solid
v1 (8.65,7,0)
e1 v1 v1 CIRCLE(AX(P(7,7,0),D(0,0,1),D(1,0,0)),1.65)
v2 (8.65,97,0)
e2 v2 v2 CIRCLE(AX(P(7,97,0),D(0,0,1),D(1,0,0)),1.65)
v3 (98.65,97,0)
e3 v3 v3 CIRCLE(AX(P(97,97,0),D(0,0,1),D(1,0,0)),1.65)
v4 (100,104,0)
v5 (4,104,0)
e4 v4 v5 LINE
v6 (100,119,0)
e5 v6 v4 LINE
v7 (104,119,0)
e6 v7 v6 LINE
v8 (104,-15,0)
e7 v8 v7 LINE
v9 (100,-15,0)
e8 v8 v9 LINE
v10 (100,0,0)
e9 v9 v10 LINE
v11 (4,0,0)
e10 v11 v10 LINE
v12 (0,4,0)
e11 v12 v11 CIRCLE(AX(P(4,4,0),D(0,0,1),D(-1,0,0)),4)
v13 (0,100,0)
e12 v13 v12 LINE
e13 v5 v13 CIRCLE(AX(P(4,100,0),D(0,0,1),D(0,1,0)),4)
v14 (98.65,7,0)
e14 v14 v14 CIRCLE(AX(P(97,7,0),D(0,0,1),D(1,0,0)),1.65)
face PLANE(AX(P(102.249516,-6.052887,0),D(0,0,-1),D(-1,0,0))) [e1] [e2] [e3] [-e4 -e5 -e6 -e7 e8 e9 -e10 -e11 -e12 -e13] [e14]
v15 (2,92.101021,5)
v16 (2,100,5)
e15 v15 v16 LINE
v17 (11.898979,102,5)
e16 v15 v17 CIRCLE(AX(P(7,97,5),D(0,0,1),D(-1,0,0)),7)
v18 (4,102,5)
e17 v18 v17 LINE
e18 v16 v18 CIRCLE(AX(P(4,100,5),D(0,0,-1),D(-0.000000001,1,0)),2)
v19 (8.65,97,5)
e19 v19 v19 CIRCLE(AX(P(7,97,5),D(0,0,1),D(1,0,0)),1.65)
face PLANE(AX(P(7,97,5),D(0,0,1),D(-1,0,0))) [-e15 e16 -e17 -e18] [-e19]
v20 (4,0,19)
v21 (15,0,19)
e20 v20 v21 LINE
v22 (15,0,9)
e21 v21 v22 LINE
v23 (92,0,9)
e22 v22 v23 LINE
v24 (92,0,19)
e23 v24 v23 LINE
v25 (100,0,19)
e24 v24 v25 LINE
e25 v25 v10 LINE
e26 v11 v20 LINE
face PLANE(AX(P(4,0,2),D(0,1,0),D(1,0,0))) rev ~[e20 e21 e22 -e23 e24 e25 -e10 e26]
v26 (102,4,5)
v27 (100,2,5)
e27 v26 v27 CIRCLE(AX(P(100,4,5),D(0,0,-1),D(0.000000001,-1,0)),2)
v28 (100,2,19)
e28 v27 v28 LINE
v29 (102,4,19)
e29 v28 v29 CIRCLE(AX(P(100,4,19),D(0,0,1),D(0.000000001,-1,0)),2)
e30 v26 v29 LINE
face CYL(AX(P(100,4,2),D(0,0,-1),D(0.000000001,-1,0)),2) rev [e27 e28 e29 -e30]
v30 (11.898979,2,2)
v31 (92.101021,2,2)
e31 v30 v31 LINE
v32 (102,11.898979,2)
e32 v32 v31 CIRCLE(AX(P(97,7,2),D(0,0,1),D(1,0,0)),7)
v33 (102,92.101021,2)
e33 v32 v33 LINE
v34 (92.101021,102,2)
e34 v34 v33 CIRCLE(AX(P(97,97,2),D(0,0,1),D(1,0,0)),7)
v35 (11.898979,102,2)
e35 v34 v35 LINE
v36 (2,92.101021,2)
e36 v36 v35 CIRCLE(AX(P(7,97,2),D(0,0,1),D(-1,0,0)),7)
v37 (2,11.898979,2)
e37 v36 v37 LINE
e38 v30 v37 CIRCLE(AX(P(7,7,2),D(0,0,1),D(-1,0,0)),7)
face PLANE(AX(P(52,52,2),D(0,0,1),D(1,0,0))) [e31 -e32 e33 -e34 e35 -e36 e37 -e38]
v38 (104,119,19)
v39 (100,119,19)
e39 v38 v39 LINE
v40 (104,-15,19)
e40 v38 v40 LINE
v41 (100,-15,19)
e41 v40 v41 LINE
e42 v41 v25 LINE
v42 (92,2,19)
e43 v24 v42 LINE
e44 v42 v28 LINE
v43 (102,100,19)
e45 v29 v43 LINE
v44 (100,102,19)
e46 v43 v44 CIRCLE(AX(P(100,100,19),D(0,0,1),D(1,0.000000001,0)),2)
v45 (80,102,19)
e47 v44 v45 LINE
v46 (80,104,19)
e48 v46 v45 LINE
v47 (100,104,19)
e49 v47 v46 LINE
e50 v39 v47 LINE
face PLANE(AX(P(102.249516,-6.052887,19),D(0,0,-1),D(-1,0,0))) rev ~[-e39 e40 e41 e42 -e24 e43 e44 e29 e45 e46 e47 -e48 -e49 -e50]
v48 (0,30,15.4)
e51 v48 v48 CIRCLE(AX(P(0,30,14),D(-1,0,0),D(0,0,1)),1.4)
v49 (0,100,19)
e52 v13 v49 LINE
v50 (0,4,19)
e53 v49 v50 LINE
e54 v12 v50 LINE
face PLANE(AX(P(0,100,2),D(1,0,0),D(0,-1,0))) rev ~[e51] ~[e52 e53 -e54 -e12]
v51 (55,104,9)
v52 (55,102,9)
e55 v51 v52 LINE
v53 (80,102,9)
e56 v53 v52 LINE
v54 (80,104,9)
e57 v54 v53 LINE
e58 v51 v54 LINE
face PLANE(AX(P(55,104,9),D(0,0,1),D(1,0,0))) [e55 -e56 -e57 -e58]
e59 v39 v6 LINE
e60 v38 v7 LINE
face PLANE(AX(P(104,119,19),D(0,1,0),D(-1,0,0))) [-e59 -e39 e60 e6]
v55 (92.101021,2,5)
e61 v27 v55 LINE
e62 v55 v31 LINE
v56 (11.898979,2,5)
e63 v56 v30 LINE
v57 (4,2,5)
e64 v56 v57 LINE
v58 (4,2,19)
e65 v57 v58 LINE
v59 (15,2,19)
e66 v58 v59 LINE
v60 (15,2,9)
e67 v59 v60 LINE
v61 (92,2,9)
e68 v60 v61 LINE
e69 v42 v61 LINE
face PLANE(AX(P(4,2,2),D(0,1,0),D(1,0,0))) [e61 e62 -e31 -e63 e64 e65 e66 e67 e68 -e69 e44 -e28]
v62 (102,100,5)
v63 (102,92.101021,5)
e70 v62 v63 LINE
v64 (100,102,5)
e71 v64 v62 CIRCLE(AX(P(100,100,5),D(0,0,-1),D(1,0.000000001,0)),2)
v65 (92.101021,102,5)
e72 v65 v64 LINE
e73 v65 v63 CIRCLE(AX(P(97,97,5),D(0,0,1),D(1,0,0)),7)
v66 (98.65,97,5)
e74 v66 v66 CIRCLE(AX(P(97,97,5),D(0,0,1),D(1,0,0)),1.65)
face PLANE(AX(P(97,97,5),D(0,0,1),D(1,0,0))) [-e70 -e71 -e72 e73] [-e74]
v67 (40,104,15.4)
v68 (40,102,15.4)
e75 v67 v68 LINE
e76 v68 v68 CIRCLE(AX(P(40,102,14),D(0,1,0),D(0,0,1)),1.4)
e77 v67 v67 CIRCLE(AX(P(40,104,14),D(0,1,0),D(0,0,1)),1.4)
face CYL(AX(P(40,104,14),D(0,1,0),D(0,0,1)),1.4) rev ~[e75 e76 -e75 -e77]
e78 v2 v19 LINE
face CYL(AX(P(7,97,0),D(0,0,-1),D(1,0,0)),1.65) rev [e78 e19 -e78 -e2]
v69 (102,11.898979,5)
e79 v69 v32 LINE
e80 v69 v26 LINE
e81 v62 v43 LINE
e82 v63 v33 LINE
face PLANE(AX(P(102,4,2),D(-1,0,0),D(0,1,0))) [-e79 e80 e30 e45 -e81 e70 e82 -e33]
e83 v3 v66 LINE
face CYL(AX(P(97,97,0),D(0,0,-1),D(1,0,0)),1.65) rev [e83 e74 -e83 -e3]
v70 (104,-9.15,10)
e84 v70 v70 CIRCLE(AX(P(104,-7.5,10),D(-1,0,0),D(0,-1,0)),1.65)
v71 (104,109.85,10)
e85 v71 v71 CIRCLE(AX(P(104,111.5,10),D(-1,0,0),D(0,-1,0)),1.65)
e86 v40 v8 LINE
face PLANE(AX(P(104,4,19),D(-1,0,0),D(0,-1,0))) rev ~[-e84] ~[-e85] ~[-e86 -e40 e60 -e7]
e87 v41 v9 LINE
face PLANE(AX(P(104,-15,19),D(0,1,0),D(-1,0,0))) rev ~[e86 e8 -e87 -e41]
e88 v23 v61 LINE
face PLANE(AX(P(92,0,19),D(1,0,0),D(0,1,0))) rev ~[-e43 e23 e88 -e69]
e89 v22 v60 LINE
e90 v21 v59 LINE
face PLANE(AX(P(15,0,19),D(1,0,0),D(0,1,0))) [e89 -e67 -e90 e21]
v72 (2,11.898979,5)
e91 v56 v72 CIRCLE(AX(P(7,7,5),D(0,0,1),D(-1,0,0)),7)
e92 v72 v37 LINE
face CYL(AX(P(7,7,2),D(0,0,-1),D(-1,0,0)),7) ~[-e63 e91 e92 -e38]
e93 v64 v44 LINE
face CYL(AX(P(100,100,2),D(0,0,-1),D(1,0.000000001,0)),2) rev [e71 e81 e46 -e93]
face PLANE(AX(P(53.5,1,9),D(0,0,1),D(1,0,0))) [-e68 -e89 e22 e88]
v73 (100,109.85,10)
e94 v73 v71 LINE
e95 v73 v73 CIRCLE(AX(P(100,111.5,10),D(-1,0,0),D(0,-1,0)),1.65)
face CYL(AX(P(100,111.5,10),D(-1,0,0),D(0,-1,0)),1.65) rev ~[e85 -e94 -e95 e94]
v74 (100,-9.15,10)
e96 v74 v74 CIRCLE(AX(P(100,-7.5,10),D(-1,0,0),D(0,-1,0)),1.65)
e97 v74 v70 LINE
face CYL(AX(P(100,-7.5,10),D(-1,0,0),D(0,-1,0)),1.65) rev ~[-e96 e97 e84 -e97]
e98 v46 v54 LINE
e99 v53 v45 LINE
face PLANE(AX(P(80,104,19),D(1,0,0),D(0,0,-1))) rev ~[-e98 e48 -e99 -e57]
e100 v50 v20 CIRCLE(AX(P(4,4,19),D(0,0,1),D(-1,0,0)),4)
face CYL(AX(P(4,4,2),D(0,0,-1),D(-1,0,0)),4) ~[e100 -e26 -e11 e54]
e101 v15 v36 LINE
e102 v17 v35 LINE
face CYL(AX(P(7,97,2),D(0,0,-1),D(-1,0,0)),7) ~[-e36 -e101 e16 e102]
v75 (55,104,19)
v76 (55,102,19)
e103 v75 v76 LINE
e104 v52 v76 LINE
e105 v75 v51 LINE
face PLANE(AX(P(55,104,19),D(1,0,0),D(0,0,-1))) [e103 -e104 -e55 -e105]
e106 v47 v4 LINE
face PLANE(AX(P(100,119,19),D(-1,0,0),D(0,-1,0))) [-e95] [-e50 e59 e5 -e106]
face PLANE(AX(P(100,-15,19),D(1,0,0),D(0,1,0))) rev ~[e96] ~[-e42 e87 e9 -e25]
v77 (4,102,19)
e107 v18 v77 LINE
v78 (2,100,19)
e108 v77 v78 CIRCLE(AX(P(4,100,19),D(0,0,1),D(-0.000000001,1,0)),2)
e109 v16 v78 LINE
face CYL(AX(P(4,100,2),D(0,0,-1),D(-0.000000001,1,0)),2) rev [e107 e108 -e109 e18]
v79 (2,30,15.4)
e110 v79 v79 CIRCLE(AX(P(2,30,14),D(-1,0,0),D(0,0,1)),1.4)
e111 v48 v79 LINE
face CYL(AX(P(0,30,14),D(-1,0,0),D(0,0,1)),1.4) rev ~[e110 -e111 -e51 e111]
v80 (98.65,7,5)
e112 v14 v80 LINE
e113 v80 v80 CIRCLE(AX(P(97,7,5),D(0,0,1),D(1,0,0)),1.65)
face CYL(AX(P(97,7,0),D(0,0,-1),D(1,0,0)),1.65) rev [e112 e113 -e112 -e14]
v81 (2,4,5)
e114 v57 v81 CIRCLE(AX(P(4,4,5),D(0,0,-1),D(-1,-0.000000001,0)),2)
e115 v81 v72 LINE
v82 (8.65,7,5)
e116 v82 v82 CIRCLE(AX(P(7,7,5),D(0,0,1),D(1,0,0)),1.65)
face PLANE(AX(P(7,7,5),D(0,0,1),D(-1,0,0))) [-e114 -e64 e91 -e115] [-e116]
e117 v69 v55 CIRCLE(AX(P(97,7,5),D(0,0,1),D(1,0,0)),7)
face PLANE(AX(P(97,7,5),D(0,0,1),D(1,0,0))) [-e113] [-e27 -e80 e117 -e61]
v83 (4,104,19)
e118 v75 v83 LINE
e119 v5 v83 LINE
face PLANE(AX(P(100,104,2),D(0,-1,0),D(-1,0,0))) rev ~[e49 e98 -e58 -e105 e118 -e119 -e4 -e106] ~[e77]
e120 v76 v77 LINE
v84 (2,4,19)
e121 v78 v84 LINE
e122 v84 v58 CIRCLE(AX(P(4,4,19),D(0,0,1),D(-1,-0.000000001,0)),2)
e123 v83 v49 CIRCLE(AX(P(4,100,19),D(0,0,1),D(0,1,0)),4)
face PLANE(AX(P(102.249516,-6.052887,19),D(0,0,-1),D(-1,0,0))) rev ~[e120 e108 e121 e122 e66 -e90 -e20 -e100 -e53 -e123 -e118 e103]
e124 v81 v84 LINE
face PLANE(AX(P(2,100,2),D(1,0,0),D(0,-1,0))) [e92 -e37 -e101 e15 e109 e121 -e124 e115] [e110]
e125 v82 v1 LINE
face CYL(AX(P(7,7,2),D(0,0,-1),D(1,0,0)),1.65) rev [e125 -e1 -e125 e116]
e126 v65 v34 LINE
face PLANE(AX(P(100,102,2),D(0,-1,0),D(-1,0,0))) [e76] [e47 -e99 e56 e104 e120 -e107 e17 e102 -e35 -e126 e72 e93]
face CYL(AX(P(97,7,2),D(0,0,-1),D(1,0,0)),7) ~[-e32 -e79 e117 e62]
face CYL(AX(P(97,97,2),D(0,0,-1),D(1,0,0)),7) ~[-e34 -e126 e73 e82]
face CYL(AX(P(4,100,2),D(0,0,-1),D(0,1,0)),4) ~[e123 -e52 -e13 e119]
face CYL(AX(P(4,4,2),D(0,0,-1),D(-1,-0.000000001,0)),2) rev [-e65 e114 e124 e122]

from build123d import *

# Parameters (mm, degrees)
SKETCH_1_R          = 1.65
EXTRUDE_1_DEPTH     = 2
SKETCH_2_R          = 7
SKETCH_2_R_2        = 1.65
EXTRUDE_2_DEPTH     = 3
EXTRUDE_3_DEPTH     = 17
EXTRUDE_4_DEPTH     = 19
SKETCH_6_R          = 1.65
CUT_EXTRUDE_1_DEPTH = 10
SKETCH_7_W          = 77
SKETCH_7_H          = 2
CUT_EXTRUDE_2_DEPTH = 10
SKETCH_8_W          = 25
SKETCH_8_H          = 10
CUT_EXTRUDE_3_DEPTH = 10
SKETCH_9_R          = 1.4
CUT_EXTRUDE_4_DEPTH = 22
SKETCH_10_R         = 1.4
CUT_EXTRUDE_5_DEPTH = 22


with BuildPart() as part:
    # 草图1 → 凸台-拉伸1 (new body)
    with BuildSketch(Plane.XY):
        with BuildLine():
            Line((4, 0), (100, 0))
            ThreePointArc((100, 0), (102.828427125, 1.171572875), (104, 4))
            Line((104, 4), (104, 100))
            ThreePointArc((104, 100), (102.828427125, 102.828427125), (100, 104))
            Line((100, 104), (4, 104))
            ThreePointArc((4, 104), (1.171572875, 102.828427125), (0, 100))
            Line((0, 100), (0, 4))
            ThreePointArc((0, 4), (1.171572875, 1.171572875), (4, 0))
        make_face()
        with Locations((7, 97)):
            Circle(SKETCH_1_R, mode=Mode.SUBTRACT)
        with Locations((97, 97)):
            Circle(SKETCH_1_R, mode=Mode.SUBTRACT)
        with Locations((7, 7)):
            Circle(SKETCH_1_R, mode=Mode.SUBTRACT)
        with Locations((97, 7)):
            Circle(SKETCH_1_R, mode=Mode.SUBTRACT)
    extrude(amount=EXTRUDE_1_DEPTH)

    # 草图2 → 凸台-拉伸2 (add)
    # profile 1 of 4: a face of its own
    with BuildSketch(Plane.XY.offset(2)):
        with Locations(Location((7, 7, 0), (0, 0, 180))):
            Circle(SKETCH_2_R)
        with Locations((7, 7)):
            Circle(SKETCH_2_R_2, mode=Mode.SUBTRACT)
    # profile 2 of 4: a face of its own
    with BuildSketch(Plane.XY.offset(2)):
        with Locations((97, 7)):
            Circle(SKETCH_2_R)
        with Locations((97, 7)):
            Circle(SKETCH_2_R_2, mode=Mode.SUBTRACT)
    # profile 3 of 4: a face of its own
    with BuildSketch(Plane.XY.offset(2)):
        with Locations(Location((7, 97, 0), (0, 0, 180))):
            Circle(SKETCH_2_R)
        with Locations((7, 97)):
            Circle(SKETCH_2_R_2, mode=Mode.SUBTRACT)
    # profile 4 of 4: a face of its own
    with BuildSketch(Plane.XY.offset(2)):
        with Locations((97, 97)):
            Circle(SKETCH_2_R)
        with Locations((97, 97)):
            Circle(SKETCH_2_R_2, mode=Mode.SUBTRACT)
    extrude(amount=EXTRUDE_2_DEPTH)

    # 草图3 → 凸台-拉伸3 (add)
    with BuildSketch(Plane.XY.offset(2)):
        with BuildLine():
            Line((100, 104), (4, 104))
            ThreePointArc((4, 104), (1.171572875, 102.828427125), (0, 100))
            Line((0, 100), (0, 4))
            ThreePointArc((0, 4), (1.171572875, 1.171572875), (4, 0))
            Line((4, 0), (100, 0))
            ThreePointArc((100, 0), (102.828427125, 1.171572875), (104, 4))
            Line((104, 4), (104, 100))
            ThreePointArc((104, 100), (102.828427125, 102.828427125), (100, 104))
        make_face()
        with BuildLine():
            Line((100, 102), (4, 102))
            ThreePointArc((4, 102), (2.585786438, 101.414213562), (2, 100))
            Line((2, 100), (2, 4))
            ThreePointArc((2, 4), (2.585786438, 2.585786438), (4, 2))
            Line((4, 2), (100, 2))
            ThreePointArc((100, 2), (101.414213562, 2.585786438), (102, 4))
            Line((102, 4), (102, 100))
            ThreePointArc((102, 100), (101.414213562, 101.414213562), (100, 102))
        make_face(mode=Mode.SUBTRACT)
    extrude(amount=EXTRUDE_3_DEPTH)

    # 草图5 → 凸台-拉伸4 (add, through all)
    with BuildSketch(Plane.XY.offset(19)):
        with BuildLine():
            Line((104, 4), (104, -15))
            Line((104, -15), (100, -15))
            Line((100, -15), (100, 0))
            ThreePointArc((100, 0), (102.828427125, 1.171572875), (104, 4))
        make_face()
        with BuildLine():
            Line((104, 100), (104, 119))
            Line((104, 119), (100, 119))
            Line((100, 119), (100, 104))
            ThreePointArc((100, 104), (102.828427125, 102.828427125), (104, 100))
        make_face()
    extrude(amount=-EXTRUDE_4_DEPTH)

    # 草图6 → 切除-拉伸1 (cut)
    with BuildSketch(Plane.ZY.offset(-100)):
        with Locations(Location((10, -7.5, 0), (0, 0, 270))):
            Circle(SKETCH_6_R)
        with Locations(Location((10, 111.5, 0), (0, 0, 270))):
            Circle(SKETCH_6_R)
    extrude(amount=-CUT_EXTRUDE_1_DEPTH, mode=Mode.SUBTRACT)

    # 草图7 → 切除-拉伸2 (cut)
    with BuildSketch(Plane.XY.offset(19)):
        with Locations((53.5, 1)):
            Rectangle(SKETCH_7_W, SKETCH_7_H)
    extrude(amount=-CUT_EXTRUDE_2_DEPTH, mode=Mode.SUBTRACT)

    # 草图8 → 切除-拉伸3 (cut)
    with BuildSketch(Plane(origin=(0, 104, 0), x_dir=(1, 0, 0), z_dir=(0, 1, 0))):
        with Locations((67.5, -14)):
            Rectangle(SKETCH_8_W, SKETCH_8_H)
    extrude(amount=-CUT_EXTRUDE_3_DEPTH, mode=Mode.SUBTRACT)

    # 草图9 → 切除-拉伸4 (cut)
    with BuildSketch(Plane(origin=(0, 104, 0), x_dir=(1, 0, 0), z_dir=(0, 1, 0))):
        with Locations(Location((40, -14, 0), (0, 0, 270))):
            Circle(SKETCH_9_R)
    extrude(amount=-CUT_EXTRUDE_4_DEPTH, mode=Mode.SUBTRACT)

    # 草图10 → 切除-拉伸5 (cut)
    with BuildSketch(Plane.ZY):
        with Locations((14, 30)):
            Circle(SKETCH_10_R)
    extrude(amount=-CUT_EXTRUDE_5_DEPTH, mode=Mode.SUBTRACT)


solid = part.part
